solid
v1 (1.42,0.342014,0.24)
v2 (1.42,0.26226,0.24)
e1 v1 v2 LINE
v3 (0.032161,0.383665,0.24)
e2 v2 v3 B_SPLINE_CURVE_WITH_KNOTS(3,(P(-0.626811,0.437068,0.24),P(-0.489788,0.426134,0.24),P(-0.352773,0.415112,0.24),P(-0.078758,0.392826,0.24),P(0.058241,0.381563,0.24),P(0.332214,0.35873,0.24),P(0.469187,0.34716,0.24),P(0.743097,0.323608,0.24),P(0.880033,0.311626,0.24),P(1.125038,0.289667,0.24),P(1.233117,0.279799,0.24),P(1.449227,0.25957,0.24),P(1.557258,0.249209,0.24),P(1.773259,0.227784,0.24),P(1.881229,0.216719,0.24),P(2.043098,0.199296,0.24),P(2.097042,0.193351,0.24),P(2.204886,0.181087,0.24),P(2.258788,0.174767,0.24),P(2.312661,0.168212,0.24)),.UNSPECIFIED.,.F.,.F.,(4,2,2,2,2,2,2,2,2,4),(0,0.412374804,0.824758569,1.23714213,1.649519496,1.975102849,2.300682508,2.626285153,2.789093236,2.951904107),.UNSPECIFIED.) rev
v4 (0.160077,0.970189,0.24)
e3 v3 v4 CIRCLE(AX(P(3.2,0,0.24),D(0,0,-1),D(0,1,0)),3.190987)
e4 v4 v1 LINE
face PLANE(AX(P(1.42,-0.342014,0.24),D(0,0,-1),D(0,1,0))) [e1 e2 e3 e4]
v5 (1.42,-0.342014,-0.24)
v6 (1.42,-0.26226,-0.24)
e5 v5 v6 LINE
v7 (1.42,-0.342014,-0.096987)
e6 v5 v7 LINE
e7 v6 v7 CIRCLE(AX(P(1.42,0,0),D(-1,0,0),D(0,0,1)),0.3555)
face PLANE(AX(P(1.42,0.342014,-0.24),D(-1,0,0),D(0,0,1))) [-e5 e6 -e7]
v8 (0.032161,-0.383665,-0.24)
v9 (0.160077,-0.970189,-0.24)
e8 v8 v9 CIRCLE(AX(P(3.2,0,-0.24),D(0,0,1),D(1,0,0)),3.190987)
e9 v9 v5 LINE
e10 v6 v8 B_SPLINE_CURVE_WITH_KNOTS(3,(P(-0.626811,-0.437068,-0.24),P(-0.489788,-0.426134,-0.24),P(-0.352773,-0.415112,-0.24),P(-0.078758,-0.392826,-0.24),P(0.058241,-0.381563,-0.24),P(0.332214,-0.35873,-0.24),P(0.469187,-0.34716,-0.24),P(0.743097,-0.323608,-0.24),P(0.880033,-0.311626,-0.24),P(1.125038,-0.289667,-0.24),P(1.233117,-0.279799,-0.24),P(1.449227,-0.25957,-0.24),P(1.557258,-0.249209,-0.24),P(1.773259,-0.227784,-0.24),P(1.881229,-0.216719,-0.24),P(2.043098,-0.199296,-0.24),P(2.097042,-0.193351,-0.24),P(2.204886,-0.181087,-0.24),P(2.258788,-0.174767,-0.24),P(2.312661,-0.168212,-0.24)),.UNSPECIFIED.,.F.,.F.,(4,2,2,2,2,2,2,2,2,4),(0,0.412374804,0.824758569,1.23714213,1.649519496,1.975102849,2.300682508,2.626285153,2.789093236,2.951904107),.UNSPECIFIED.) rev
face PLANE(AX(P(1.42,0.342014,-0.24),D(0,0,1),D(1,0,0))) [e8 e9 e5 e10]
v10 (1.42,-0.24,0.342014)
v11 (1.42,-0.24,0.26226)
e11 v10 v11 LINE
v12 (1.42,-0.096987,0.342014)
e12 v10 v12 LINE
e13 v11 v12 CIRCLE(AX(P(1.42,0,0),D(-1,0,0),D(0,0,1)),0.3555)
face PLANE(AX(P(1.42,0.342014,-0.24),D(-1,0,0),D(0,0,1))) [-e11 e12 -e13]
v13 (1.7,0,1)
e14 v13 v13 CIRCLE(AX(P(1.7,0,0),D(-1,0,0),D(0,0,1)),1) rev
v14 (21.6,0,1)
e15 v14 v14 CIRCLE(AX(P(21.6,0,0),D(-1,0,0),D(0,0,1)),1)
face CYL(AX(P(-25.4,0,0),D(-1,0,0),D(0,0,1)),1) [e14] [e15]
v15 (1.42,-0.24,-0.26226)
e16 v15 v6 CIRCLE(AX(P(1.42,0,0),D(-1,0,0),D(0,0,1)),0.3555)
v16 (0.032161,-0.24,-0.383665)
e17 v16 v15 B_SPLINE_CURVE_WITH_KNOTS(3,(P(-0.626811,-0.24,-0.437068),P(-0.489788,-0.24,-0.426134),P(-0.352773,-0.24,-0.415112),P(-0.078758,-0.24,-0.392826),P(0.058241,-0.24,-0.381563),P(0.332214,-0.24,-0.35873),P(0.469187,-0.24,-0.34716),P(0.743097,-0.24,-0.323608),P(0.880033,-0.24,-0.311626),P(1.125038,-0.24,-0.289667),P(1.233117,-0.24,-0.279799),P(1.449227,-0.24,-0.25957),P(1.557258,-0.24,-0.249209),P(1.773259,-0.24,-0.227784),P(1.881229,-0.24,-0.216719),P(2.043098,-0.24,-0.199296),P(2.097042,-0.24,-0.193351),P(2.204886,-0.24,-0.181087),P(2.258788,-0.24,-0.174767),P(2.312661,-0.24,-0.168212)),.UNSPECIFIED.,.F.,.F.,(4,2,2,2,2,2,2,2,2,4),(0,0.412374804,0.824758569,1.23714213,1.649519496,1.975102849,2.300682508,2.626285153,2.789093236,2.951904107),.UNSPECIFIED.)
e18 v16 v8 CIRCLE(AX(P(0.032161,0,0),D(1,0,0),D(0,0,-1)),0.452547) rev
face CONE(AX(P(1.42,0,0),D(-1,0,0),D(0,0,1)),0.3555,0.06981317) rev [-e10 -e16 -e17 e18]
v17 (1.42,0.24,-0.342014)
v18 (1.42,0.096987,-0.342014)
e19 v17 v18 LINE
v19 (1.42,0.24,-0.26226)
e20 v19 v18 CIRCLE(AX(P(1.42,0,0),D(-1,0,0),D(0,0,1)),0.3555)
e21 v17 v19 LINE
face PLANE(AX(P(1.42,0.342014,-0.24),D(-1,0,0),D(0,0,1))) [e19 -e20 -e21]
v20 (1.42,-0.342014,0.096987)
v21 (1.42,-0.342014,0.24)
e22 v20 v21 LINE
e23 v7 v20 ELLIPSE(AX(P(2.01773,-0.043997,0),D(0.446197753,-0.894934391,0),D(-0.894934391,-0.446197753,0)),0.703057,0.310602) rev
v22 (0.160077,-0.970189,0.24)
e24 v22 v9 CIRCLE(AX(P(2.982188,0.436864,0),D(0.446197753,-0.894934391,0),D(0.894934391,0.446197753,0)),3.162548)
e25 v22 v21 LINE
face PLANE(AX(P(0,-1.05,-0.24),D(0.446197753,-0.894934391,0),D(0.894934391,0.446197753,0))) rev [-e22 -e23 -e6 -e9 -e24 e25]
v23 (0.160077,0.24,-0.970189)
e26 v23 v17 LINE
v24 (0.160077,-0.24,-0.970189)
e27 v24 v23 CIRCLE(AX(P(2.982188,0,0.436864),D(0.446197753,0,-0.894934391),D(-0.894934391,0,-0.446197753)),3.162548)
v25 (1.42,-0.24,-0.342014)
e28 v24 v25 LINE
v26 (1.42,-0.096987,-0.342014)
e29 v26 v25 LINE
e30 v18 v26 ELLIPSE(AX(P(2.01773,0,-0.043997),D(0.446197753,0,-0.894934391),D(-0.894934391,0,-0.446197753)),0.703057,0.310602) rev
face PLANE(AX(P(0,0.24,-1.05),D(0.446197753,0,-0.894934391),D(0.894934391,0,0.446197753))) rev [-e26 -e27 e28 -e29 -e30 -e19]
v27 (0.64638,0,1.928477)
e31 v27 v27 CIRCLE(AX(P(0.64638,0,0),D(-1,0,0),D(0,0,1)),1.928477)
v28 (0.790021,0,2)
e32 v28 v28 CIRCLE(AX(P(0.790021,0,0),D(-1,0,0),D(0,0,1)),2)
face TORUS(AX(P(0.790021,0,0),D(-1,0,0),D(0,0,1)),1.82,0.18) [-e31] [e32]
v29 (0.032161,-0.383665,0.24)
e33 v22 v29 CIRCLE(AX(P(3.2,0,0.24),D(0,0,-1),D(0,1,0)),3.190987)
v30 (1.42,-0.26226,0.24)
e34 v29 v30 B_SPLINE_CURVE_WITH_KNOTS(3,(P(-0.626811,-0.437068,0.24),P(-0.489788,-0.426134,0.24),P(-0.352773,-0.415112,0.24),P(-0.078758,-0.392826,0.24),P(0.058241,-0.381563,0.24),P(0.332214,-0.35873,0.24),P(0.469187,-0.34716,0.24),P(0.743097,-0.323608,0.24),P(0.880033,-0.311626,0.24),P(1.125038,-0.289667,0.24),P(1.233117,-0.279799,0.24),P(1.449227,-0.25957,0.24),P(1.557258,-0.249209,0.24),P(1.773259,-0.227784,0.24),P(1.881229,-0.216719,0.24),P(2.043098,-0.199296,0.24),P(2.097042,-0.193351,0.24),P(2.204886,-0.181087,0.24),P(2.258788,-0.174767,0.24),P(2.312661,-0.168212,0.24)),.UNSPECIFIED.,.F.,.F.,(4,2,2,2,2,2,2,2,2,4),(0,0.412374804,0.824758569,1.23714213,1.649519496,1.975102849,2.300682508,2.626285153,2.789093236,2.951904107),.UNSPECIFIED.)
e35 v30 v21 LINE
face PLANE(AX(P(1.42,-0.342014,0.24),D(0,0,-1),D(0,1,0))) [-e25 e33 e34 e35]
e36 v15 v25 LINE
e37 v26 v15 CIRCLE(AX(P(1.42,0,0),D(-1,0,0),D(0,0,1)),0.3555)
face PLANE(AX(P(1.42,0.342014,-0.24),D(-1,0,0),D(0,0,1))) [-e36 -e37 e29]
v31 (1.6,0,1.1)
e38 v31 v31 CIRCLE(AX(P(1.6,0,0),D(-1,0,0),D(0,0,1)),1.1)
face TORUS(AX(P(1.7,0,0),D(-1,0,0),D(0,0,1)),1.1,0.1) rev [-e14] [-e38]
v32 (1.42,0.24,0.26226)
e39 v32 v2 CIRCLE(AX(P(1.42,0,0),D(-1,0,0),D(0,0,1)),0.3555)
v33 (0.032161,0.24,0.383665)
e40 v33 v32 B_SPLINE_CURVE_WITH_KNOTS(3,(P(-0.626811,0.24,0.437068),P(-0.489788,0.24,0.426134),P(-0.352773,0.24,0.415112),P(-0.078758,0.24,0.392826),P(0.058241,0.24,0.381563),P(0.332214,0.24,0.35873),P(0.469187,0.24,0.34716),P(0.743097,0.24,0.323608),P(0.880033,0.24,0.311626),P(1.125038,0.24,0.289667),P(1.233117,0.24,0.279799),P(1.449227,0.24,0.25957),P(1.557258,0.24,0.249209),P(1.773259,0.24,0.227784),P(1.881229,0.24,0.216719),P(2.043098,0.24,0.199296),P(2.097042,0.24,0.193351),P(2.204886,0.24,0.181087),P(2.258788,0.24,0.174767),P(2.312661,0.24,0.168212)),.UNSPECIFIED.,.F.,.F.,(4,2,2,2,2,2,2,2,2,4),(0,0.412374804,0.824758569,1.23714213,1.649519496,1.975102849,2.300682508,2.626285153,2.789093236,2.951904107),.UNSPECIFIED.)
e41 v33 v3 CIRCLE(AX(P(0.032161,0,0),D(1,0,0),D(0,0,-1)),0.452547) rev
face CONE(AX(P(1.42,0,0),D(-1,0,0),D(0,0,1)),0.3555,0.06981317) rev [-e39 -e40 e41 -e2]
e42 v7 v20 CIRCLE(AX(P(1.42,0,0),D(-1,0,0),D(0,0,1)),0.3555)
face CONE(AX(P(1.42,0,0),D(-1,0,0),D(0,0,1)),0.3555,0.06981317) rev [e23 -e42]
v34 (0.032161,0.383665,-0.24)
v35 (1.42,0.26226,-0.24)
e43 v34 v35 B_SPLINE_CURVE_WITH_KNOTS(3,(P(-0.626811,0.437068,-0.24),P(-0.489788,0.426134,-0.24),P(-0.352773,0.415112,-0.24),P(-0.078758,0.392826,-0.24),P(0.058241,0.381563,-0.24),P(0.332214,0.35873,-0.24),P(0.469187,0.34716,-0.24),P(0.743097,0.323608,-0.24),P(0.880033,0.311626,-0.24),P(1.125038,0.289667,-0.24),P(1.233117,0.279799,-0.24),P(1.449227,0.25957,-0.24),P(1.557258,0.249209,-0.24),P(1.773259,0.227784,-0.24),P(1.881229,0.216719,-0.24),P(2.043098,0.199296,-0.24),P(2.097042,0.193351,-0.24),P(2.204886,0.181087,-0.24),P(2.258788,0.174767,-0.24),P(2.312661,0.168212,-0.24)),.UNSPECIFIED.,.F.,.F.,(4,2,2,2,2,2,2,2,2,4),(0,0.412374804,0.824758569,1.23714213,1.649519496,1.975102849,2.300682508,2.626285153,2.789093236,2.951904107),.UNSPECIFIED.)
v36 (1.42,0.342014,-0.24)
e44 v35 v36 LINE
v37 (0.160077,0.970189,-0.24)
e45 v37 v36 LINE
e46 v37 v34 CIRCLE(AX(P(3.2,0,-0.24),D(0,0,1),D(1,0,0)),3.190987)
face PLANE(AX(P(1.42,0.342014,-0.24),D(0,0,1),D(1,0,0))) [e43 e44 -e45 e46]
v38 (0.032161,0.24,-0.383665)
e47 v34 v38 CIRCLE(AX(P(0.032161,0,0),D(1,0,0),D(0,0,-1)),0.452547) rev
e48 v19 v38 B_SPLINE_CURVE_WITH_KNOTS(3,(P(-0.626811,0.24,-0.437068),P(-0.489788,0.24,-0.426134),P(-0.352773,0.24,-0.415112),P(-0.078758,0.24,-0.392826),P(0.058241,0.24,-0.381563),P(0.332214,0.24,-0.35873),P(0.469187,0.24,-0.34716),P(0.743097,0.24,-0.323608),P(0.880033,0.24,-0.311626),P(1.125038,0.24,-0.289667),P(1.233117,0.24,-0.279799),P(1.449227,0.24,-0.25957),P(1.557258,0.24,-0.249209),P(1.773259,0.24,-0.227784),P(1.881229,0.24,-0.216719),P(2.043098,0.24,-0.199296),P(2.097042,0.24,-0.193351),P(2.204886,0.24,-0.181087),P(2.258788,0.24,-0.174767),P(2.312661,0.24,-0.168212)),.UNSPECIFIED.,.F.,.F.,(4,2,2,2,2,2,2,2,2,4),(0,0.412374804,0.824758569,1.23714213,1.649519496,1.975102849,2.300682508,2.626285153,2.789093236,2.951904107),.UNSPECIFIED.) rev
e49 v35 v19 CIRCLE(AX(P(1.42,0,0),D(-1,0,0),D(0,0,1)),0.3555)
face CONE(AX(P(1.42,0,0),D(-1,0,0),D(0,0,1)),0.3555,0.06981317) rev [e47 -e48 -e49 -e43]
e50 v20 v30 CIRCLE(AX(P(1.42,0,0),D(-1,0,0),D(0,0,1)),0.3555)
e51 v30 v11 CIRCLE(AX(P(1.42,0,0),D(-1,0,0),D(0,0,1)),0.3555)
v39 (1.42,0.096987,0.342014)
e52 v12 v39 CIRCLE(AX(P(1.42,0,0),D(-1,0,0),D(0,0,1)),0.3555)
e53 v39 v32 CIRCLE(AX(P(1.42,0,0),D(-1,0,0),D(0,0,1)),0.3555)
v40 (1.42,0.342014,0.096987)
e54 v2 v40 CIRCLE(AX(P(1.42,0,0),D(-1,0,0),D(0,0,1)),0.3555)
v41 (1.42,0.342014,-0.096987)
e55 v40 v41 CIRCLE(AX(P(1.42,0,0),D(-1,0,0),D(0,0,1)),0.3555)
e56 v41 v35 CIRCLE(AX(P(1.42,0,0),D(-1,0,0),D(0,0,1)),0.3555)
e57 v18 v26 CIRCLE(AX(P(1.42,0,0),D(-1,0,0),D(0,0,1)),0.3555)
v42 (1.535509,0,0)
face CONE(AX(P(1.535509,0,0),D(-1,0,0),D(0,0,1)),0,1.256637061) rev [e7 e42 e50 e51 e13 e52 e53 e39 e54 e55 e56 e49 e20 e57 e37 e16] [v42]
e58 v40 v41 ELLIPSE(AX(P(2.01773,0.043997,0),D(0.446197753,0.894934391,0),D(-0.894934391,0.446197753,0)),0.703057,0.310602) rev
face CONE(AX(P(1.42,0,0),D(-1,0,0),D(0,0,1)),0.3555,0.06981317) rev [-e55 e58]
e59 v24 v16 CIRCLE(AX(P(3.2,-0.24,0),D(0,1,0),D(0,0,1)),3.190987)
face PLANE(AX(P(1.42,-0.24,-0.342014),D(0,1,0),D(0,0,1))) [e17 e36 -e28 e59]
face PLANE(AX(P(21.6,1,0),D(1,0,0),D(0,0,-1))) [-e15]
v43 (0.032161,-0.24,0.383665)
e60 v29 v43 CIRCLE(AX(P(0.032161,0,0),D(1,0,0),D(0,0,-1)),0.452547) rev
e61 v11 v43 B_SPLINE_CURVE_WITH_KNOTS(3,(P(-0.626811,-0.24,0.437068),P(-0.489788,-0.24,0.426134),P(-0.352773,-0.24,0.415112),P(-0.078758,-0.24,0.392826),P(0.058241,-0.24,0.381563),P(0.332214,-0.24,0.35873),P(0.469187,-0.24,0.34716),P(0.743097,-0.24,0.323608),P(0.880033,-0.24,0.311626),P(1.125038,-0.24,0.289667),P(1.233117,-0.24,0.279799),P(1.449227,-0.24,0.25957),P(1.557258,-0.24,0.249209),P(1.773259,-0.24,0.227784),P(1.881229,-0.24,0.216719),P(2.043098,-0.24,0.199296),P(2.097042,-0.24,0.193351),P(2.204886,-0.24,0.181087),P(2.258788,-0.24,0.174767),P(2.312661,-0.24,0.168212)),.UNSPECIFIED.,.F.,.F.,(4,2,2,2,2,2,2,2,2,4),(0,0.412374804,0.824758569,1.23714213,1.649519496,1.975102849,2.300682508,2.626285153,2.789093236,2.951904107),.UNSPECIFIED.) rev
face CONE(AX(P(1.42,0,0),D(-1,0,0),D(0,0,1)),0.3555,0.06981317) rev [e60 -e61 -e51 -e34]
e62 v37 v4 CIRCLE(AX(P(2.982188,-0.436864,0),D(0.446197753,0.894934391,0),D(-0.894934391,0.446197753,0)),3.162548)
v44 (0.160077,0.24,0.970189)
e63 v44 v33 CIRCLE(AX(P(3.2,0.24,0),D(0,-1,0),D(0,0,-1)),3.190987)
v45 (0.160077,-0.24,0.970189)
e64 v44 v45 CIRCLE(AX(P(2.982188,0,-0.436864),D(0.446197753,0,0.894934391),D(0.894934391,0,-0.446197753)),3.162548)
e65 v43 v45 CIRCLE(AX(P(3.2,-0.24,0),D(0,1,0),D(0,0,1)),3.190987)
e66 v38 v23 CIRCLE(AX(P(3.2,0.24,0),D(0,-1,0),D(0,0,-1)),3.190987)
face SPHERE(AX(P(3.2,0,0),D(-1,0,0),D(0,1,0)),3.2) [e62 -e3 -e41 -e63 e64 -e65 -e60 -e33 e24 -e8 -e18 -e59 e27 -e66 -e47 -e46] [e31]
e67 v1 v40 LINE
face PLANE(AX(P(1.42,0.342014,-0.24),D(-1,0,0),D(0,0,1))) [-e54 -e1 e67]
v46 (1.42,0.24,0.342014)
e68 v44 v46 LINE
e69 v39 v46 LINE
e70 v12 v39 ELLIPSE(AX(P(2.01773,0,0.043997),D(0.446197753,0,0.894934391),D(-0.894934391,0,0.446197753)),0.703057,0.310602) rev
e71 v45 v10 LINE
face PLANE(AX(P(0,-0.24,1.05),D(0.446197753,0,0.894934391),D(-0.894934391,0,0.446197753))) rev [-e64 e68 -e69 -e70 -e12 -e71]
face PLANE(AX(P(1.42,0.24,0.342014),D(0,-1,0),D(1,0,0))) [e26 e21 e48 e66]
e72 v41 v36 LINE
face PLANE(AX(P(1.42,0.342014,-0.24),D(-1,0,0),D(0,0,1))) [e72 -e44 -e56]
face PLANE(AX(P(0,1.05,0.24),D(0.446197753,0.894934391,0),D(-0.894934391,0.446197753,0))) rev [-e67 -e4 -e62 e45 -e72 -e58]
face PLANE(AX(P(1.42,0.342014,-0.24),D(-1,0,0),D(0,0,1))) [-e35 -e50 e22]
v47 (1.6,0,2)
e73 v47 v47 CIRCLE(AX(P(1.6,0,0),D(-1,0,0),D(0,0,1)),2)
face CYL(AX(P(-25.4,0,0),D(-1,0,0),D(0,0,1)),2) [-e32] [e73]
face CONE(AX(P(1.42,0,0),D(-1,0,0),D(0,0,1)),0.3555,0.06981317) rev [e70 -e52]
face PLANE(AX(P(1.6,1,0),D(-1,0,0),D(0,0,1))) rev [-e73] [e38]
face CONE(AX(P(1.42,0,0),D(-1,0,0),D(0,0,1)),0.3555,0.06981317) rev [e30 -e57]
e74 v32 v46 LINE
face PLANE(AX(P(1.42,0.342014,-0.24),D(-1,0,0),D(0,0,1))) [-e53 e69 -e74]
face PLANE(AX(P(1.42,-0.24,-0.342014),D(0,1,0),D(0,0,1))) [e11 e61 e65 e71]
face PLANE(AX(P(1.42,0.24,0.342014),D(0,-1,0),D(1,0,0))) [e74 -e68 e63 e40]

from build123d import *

# Parameters (mm, degrees)
FILLET1_R    = 0.1
RECPAT_COUNT = 2
RECPAT_ANGLE = 90


with BuildPart() as part:
    # BodySke → Base-Revolve (revolve)
    with BuildSketch(Plane.XY, mode=Mode.PRIVATE) as base_revolve_sk:
        with BuildLine():
            Line((1.6, 1), (1.6, 2))
            Line((1.6, 2), (0.790020747, 2))
            ThreePointArc((0.790020747, 2), (0.709789294, 1.981130115), (0.646379599, 1.928476821))
            ThreePointArc((0.646379599, 1.928476821), (0.165895084, 1.016959861), (0, 0))
            Line((0, 0), (21.6, 0))
            Line((21.6, 0), (21.6, 1))
            Line((21.6, 1), (1.6, 1))
        make_face()
    revolve(base_revolve_sk.sketch.rotate(Axis((0.790020747, 0, 0), (1, 0, 0)), 90), axis=Axis((0.790020747, 0, 0), (1, 0, 0)))

    # Fillet1
    fillet1_edges = [part.edges().sort_by_distance(p)[0] for p in [
        (1.6, 0, -1),
    ]]
    fillet(fillet1_edges, radius=FILLET1_R)

    # Sketch3 → Recess section 0
    with BuildSketch(Plane(origin=(0, 0, 0), x_dir=(0, 0, -1), z_dir=(1, 0, 0))):
        with BuildLine():
            Line((0.24, -1.05), (-0.24, -1.05))
            Line((-0.24, -1.05), (-0.24, 1.05))
            Line((-0.24, 1.05), (0.24, 1.05))
            Line((0.24, 1.05), (0.24, -1.05))
        make_face()
    # Sketch4 → Recess section 1
    with BuildSketch(Plane(origin=(1.42, 0, 0), x_dir=(0, 0, -1), z_dir=(1, 0, 0))):
        with BuildLine():
            Line((0.24, -0.342014235), (-0.24, -0.342014235))
            Line((-0.24, -0.342014235), (-0.24, 0.342014235))
            Line((-0.24, 0.342014235), (0.24, 0.342014235))
            Line((0.24, 0.342014235), (0.24, -0.342014235))
        make_face()
    recess = loft(mode=Mode.SUBTRACT)

    # RecPat: Recess ×2 about axis
    recpat_axis = Axis((0, 0, 0), (1, 0, 0))
    for i in range(1, RECPAT_COUNT):
        add(recess.rotate(recpat_axis, i * RECPAT_ANGLE / (RECPAT_COUNT - 1)), mode=Mode.SUBTRACT)

    # RecCorSke → RecessCore (revolve, cut)
    with BuildSketch(Plane.XY, mode=Mode.PRIVATE) as recesscore_sk:
        Polygon((0, 0), (0, 0.454796073), (1.42, 0.3555), (1.535508952, 0), align=None)
    revolve(recesscore_sk.sketch.rotate(Axis((-3.175, 0, 0), (1, 0, 0)), 13.894577695), axis=Axis((-3.175, 0, 0), (1, 0, 0)), mode=Mode.SUBTRACT)


solid = part.part
